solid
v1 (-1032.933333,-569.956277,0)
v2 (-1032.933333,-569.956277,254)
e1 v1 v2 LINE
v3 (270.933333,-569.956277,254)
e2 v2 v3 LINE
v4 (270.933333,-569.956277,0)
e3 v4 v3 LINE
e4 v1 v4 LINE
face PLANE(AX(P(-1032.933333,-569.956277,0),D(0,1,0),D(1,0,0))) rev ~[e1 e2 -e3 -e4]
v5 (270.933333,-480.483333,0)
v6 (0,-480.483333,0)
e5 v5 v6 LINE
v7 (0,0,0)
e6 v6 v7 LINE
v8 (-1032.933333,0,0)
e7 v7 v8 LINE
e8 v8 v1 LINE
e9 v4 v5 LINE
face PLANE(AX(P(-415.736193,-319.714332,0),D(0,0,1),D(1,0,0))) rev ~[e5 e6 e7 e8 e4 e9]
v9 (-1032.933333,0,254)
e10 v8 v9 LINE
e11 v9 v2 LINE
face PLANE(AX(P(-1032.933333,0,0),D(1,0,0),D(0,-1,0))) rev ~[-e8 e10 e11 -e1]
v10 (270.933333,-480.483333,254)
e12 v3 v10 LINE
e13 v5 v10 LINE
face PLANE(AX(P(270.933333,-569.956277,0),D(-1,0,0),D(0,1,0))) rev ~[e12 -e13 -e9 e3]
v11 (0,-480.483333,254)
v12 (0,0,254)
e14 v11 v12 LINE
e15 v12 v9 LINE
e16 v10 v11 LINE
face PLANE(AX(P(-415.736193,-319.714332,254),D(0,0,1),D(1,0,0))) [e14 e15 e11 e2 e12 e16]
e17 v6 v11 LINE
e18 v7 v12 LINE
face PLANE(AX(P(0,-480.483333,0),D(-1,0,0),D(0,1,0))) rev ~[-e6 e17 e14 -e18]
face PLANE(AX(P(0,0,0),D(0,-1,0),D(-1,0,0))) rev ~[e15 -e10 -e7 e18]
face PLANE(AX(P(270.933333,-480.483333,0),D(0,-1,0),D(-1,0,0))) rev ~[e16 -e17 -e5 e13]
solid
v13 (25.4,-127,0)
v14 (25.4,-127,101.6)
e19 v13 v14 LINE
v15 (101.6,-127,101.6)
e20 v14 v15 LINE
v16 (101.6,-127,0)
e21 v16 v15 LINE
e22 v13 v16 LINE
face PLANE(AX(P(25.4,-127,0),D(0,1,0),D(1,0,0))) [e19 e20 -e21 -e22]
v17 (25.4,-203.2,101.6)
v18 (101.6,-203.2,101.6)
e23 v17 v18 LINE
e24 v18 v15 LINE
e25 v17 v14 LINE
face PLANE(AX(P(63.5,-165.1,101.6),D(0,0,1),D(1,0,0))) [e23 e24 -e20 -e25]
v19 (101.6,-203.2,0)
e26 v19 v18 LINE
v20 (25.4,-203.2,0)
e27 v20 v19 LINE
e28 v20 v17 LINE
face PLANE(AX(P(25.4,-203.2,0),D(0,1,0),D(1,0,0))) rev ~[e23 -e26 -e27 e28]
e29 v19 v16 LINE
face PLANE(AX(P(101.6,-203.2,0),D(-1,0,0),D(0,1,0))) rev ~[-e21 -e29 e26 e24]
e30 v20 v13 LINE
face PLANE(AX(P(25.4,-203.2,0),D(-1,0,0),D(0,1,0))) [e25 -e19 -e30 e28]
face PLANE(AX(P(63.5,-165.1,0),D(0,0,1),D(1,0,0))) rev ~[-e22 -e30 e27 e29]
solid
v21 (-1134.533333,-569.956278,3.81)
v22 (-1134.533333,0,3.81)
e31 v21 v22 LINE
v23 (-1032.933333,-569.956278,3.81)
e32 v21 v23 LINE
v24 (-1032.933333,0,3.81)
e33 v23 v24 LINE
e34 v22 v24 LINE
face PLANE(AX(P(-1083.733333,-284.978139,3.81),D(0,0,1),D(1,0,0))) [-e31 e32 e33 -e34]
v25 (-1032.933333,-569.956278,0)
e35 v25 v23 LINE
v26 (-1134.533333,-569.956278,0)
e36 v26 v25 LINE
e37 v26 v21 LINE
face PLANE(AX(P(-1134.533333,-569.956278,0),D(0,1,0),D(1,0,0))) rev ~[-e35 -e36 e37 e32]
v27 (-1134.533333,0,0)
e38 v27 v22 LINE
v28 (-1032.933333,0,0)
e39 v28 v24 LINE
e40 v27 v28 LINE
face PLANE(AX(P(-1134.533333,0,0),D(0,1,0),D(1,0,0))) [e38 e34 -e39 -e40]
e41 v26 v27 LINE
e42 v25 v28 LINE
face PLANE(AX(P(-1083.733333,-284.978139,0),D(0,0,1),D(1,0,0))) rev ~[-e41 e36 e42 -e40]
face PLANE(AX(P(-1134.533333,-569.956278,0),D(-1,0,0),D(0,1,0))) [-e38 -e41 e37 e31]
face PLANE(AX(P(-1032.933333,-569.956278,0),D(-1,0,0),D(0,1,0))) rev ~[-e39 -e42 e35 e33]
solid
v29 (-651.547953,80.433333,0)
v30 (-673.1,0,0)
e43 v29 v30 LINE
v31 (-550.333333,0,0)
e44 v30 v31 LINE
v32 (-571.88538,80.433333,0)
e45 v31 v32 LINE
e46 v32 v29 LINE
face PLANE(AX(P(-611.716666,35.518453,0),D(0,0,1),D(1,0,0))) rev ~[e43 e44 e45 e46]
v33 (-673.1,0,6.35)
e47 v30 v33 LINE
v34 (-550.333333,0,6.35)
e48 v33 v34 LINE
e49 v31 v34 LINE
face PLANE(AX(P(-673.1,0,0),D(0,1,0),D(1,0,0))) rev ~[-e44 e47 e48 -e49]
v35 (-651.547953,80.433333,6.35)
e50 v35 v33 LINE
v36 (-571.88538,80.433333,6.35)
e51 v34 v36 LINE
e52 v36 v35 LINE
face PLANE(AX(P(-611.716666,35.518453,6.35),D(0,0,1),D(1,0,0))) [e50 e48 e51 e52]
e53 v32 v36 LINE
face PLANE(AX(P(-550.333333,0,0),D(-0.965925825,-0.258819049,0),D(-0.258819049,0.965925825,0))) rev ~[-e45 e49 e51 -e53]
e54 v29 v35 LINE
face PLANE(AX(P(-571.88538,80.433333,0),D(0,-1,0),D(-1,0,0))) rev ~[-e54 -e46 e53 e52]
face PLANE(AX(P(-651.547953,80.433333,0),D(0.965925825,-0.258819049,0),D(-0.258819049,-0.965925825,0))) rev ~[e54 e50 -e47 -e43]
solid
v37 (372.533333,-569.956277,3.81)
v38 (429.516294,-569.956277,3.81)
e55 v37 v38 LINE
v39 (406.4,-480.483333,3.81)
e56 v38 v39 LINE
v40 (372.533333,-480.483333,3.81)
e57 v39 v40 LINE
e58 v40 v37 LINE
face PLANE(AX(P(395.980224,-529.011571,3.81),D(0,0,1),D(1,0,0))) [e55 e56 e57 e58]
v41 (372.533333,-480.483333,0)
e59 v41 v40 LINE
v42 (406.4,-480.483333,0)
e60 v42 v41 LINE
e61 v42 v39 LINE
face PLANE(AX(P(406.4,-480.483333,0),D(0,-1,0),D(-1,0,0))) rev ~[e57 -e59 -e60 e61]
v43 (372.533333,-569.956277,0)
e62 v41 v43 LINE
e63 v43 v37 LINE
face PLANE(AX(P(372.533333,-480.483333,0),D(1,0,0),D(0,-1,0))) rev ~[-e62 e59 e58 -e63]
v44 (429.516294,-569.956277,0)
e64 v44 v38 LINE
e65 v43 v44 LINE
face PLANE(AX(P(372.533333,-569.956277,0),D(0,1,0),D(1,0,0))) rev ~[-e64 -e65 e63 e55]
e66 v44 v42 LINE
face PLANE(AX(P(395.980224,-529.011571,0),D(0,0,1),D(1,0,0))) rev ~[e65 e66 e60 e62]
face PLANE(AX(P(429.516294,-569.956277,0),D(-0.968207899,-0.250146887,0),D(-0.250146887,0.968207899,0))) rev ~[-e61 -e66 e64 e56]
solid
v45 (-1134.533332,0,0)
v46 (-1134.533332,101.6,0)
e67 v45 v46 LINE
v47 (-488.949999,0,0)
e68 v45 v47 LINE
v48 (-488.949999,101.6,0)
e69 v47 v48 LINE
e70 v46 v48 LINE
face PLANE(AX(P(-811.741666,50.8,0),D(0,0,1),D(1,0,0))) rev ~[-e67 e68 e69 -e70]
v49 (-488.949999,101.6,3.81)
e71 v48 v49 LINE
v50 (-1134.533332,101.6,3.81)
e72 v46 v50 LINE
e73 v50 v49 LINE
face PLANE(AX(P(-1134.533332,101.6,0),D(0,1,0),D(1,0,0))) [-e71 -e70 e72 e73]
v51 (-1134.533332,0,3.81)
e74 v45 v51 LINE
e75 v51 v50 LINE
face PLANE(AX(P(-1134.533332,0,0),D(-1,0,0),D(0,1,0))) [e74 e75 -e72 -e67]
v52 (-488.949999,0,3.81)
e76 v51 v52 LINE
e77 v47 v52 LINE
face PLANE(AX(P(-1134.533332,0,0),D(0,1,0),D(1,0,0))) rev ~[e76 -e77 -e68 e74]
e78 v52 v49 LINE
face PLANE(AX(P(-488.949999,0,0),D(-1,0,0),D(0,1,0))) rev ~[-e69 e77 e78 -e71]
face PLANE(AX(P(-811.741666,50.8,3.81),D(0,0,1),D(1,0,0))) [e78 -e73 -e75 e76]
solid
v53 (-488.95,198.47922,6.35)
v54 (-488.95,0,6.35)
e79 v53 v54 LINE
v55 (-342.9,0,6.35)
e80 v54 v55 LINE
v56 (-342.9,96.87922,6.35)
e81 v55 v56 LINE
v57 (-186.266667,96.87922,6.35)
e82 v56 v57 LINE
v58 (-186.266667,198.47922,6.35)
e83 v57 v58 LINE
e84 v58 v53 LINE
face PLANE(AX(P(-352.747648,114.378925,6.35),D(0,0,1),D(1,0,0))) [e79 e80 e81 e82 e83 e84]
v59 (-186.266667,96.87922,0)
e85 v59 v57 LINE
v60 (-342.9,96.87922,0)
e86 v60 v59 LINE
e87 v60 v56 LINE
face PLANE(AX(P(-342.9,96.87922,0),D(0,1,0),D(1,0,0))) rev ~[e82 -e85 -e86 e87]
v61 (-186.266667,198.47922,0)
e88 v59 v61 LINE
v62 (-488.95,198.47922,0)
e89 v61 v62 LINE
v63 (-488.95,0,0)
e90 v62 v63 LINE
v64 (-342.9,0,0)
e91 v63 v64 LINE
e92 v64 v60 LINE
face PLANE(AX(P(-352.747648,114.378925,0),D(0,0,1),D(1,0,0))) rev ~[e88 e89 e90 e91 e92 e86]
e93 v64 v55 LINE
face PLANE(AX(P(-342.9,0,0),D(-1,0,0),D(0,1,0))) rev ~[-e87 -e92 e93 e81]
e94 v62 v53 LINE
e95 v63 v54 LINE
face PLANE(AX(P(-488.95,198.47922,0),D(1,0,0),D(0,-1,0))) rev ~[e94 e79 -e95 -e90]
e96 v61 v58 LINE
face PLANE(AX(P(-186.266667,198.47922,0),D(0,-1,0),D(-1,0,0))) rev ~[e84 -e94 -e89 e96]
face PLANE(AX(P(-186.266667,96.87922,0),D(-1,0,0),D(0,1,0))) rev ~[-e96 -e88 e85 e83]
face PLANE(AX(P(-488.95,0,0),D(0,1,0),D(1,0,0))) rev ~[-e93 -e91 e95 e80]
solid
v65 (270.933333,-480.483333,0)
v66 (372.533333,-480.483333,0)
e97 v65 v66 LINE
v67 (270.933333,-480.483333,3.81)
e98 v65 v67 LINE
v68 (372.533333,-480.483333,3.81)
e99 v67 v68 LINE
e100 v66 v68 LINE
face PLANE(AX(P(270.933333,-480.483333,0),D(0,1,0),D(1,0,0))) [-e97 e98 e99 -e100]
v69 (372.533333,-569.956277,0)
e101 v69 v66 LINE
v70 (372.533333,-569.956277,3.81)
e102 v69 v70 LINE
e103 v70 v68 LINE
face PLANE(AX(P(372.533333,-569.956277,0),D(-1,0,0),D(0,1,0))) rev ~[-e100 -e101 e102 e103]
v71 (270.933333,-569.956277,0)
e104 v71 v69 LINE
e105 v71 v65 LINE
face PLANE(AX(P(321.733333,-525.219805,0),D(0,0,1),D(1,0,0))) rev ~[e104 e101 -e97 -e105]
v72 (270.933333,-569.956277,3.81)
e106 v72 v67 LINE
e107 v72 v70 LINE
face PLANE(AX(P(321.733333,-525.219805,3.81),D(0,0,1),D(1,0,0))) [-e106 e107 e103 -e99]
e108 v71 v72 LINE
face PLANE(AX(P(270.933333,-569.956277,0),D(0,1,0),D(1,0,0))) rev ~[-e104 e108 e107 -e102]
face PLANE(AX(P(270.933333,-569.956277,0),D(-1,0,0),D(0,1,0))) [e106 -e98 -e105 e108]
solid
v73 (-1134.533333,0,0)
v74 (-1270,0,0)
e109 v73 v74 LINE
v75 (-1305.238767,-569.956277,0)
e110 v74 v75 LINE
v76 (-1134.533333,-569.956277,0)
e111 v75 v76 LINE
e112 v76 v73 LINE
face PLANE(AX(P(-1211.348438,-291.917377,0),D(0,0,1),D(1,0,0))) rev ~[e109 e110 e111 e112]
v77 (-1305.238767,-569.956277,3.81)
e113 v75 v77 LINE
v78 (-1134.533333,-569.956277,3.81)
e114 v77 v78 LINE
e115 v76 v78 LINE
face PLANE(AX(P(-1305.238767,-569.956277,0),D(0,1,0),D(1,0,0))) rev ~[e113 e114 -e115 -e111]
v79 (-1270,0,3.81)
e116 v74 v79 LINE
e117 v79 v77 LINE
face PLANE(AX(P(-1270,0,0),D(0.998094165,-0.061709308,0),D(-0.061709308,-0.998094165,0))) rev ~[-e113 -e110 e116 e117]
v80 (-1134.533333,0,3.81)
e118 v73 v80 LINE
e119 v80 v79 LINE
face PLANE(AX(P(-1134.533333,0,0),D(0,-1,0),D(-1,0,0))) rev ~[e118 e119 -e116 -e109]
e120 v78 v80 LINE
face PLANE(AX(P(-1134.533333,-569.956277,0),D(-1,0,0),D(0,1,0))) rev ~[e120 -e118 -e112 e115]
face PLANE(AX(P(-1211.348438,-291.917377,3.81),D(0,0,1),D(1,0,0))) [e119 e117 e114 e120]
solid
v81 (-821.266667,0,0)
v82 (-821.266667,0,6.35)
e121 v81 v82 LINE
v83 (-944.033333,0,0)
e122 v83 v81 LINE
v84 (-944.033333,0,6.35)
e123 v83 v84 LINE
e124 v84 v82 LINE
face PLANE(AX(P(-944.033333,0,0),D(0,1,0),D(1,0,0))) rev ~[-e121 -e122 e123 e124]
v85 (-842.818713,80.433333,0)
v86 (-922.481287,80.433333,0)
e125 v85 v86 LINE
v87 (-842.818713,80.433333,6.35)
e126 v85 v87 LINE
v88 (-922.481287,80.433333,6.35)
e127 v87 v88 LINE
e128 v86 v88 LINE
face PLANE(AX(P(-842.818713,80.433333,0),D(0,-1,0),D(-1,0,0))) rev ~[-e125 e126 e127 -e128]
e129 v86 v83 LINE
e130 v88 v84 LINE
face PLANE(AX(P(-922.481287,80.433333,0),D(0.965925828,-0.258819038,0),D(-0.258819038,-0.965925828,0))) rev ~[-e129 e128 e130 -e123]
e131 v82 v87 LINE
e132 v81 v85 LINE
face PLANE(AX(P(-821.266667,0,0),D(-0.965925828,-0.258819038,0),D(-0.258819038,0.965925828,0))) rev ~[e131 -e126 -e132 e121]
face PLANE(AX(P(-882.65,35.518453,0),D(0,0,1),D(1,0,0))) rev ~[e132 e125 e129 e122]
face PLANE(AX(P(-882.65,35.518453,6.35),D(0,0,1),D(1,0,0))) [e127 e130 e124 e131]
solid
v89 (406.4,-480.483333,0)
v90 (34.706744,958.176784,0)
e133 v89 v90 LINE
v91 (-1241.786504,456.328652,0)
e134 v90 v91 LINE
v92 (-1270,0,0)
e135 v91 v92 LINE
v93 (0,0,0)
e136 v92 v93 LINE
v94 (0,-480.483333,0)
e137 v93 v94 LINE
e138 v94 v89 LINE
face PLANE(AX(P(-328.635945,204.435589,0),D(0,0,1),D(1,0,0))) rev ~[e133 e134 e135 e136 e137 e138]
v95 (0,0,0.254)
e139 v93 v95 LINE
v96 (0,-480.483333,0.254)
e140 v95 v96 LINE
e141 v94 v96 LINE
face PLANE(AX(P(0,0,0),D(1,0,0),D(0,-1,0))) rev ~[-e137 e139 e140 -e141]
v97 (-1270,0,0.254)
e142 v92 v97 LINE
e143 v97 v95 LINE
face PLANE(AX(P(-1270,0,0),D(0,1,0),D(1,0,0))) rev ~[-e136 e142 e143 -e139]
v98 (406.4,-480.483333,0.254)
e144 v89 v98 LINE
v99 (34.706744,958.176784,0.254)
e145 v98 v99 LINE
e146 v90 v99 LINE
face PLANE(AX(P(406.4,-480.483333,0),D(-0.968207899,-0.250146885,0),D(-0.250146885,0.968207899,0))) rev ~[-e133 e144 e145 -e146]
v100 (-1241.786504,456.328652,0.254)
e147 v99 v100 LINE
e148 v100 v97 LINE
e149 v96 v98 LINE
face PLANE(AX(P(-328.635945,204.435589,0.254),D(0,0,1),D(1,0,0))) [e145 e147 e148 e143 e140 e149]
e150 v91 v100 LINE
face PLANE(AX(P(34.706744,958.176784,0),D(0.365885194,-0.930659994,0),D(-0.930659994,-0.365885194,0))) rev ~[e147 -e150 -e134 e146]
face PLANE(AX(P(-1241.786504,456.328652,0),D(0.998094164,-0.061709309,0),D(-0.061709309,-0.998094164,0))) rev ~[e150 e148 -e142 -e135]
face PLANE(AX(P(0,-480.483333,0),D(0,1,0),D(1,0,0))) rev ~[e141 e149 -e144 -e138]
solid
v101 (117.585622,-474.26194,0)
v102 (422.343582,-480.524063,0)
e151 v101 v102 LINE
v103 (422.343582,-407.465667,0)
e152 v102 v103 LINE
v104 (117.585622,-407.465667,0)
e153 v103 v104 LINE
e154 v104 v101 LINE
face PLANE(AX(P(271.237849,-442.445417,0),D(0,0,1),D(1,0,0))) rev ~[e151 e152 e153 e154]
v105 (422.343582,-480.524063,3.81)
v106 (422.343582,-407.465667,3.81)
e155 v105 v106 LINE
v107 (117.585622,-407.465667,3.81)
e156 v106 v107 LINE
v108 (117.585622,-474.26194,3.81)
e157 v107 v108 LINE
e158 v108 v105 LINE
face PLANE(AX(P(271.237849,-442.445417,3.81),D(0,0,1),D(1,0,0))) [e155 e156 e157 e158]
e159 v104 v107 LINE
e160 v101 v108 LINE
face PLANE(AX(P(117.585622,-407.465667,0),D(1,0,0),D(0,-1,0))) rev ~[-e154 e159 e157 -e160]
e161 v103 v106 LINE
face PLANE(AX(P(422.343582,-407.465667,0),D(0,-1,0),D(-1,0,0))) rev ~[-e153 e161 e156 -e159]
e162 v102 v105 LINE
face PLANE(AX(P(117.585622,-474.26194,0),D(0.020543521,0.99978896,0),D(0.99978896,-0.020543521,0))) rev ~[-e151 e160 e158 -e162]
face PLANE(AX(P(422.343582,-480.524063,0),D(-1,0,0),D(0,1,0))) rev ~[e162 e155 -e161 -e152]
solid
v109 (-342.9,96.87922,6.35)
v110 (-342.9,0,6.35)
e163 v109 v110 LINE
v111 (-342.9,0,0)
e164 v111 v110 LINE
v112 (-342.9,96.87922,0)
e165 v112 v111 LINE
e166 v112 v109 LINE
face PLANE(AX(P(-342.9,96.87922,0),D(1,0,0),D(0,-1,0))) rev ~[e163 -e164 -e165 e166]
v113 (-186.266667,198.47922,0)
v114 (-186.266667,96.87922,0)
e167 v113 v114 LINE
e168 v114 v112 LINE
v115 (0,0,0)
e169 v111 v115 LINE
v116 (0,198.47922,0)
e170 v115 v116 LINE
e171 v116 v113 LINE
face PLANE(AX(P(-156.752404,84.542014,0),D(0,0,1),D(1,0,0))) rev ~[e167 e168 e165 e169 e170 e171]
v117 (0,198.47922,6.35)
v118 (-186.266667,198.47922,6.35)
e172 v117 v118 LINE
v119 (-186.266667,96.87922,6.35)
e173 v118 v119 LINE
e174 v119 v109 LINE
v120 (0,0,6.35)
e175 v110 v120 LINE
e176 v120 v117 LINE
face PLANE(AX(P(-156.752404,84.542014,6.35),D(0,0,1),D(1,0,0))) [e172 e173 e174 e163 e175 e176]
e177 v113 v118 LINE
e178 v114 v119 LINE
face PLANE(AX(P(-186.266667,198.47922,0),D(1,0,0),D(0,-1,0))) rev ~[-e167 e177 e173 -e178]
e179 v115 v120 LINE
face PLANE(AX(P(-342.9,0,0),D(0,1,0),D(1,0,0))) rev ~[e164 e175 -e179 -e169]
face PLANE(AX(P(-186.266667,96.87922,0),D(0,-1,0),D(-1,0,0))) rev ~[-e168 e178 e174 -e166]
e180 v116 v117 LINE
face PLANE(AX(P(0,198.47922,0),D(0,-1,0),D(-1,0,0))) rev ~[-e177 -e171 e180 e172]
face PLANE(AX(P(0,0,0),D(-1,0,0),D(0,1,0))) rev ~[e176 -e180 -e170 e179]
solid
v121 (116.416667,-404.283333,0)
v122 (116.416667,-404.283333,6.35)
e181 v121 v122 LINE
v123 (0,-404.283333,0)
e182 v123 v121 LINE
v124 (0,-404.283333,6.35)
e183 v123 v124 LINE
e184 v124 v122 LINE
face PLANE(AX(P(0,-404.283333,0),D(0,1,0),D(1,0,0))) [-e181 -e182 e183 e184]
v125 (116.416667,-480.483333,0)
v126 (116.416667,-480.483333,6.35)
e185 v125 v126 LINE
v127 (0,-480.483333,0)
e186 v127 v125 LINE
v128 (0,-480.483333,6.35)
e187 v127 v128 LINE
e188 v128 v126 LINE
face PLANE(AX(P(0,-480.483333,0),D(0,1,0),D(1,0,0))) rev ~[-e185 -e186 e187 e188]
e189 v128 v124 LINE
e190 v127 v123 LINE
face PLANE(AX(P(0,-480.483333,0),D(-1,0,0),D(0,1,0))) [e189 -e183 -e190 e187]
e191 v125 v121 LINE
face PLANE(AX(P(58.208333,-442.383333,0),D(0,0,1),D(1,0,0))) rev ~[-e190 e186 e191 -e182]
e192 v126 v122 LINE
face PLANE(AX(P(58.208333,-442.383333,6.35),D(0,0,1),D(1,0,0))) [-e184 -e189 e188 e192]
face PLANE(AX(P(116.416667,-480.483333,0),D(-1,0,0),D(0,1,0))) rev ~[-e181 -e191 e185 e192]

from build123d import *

# Parameters (mm, degrees)
F2_DEPTH  = 254
F3_W      = 116.416667
F3_H      = 76.2
F4_DEPTH  = 6.35
F5_W      = 76.2
F5_H      = 76.2
F6_DEPTH  = 101.6
F8_DEPTH  = 6.35
F9_W      = 101.6
F9_H      = 569.956277
F9_H_2    = 89.472944
F10_DEPTH = 3.81
F12_DEPTH = 3.81
F13_W     = 645.583333
F13_H     = 101.6
F14_DEPTH = 3.81
F16_DEPTH = 6.35
F17_DEPTH = 0.254


with BuildPart() as f2:
    # F1 (on face) → F2 (new body)
    with BuildSketch(Plane.XY):
        Polygon((0, 0), (-1032.933333, 0), (-1032.933333, -569.956277), (270.933333, -569.956277), (270.933333, -480.483333), (0, -480.483333), align=None)
    extrude(amount=F2_DEPTH)


with BuildPart() as f4:
    # F3 (on face) → F4 (new body)
    with BuildSketch(Plane.XY):
        with Locations((58.208333, -442.383333)):
            Rectangle(F3_W, F3_H)
        Polygon((-488.95, 198.47922), (-488.95, 0), (-342.9, 0), (-342.9, 96.87922), (-186.266667, 96.87922), (-186.266667, 198.47922), align=None)
    extrude(amount=F4_DEPTH)


with BuildPart() as f6:
    # F5 (on face) → F6 (new body)
    with BuildSketch(Plane.XY):
        with Locations((63.5, -165.1)):
            Rectangle(F5_W, F5_H)
    extrude(amount=F6_DEPTH)


with BuildPart() as f8:
    # F7 (on face) → F8 (new body)
    with BuildSketch(Plane.XY):
        Polygon((-673.1, 0), (-550.333333, 0), (-571.88538, 80.433333), (-651.547953, 80.433333), align=None)
        Polygon((-944.033333, 0), (-821.266667, 0), (-842.818713, 80.433333), (-922.481287, 80.433333), align=None)
    extrude(amount=F8_DEPTH)


with BuildPart() as f10:
    # F9 (on face) → F10 (new body)
    with BuildSketch(Plane.XY):
        with Locations((-1083.733333, -284.978139)):
            Rectangle(F9_W, F9_H)
        with Locations((321.733333, -525.219805)):
            Rectangle(F9_W, F9_H_2)
    extrude(amount=F10_DEPTH)


with BuildPart() as f12:
    # F11 (on face) → F12 (new body, through all)
    with BuildSketch(Plane.XY):
        Polygon((429.516294, -569.956277), (406.4, -480.483333), (372.533333, -480.483333), (372.533333, -569.956277), align=None)
        Polygon((-1134.533333, -569.956277), (-1134.533333, 0), (-1270, 0), (-1305.238767, -569.956277), align=None)
    extrude(amount=F12_DEPTH)


with BuildPart() as f14:
    # F13 (on face) → F14 (new body, through all)
    with BuildSketch(Plane.XY):
        with Locations((-811.741666, 50.8)):
            Rectangle(F13_W, F13_H)
        Polygon((117.585622, -474.26194), (422.343582, -480.524063), (422.343582, -407.465667), (117.585622, -407.465667), align=None)
    extrude(amount=F14_DEPTH)


with BuildPart() as f16:
    # F15 (on face) → F16 (new body, through all)
    with BuildSketch(Plane.XY):
        Polygon((0, 198.47922), (-186.266667, 198.47922), (-186.266667, 96.87922), (-342.9, 96.87922), (-342.9, 0), (0, 0), align=None)
    extrude(amount=F16_DEPTH)


with BuildPart() as f17:
    # F0 (on Top) → F17 (new body)
    with BuildSketch(Plane.XY):
        Polygon((-1270, 0), (0, 0), (0, -480.483333), (406.4, -480.483333), (34.706744, 958.176784), (-1241.786504, 456.328652), align=None)
    extrude(amount=F17_DEPTH)


solid = Compound([f2.part, f4.part, f6.part, f8.part, f10.part, f12.part, f14.part, f16.part, f17.part])
